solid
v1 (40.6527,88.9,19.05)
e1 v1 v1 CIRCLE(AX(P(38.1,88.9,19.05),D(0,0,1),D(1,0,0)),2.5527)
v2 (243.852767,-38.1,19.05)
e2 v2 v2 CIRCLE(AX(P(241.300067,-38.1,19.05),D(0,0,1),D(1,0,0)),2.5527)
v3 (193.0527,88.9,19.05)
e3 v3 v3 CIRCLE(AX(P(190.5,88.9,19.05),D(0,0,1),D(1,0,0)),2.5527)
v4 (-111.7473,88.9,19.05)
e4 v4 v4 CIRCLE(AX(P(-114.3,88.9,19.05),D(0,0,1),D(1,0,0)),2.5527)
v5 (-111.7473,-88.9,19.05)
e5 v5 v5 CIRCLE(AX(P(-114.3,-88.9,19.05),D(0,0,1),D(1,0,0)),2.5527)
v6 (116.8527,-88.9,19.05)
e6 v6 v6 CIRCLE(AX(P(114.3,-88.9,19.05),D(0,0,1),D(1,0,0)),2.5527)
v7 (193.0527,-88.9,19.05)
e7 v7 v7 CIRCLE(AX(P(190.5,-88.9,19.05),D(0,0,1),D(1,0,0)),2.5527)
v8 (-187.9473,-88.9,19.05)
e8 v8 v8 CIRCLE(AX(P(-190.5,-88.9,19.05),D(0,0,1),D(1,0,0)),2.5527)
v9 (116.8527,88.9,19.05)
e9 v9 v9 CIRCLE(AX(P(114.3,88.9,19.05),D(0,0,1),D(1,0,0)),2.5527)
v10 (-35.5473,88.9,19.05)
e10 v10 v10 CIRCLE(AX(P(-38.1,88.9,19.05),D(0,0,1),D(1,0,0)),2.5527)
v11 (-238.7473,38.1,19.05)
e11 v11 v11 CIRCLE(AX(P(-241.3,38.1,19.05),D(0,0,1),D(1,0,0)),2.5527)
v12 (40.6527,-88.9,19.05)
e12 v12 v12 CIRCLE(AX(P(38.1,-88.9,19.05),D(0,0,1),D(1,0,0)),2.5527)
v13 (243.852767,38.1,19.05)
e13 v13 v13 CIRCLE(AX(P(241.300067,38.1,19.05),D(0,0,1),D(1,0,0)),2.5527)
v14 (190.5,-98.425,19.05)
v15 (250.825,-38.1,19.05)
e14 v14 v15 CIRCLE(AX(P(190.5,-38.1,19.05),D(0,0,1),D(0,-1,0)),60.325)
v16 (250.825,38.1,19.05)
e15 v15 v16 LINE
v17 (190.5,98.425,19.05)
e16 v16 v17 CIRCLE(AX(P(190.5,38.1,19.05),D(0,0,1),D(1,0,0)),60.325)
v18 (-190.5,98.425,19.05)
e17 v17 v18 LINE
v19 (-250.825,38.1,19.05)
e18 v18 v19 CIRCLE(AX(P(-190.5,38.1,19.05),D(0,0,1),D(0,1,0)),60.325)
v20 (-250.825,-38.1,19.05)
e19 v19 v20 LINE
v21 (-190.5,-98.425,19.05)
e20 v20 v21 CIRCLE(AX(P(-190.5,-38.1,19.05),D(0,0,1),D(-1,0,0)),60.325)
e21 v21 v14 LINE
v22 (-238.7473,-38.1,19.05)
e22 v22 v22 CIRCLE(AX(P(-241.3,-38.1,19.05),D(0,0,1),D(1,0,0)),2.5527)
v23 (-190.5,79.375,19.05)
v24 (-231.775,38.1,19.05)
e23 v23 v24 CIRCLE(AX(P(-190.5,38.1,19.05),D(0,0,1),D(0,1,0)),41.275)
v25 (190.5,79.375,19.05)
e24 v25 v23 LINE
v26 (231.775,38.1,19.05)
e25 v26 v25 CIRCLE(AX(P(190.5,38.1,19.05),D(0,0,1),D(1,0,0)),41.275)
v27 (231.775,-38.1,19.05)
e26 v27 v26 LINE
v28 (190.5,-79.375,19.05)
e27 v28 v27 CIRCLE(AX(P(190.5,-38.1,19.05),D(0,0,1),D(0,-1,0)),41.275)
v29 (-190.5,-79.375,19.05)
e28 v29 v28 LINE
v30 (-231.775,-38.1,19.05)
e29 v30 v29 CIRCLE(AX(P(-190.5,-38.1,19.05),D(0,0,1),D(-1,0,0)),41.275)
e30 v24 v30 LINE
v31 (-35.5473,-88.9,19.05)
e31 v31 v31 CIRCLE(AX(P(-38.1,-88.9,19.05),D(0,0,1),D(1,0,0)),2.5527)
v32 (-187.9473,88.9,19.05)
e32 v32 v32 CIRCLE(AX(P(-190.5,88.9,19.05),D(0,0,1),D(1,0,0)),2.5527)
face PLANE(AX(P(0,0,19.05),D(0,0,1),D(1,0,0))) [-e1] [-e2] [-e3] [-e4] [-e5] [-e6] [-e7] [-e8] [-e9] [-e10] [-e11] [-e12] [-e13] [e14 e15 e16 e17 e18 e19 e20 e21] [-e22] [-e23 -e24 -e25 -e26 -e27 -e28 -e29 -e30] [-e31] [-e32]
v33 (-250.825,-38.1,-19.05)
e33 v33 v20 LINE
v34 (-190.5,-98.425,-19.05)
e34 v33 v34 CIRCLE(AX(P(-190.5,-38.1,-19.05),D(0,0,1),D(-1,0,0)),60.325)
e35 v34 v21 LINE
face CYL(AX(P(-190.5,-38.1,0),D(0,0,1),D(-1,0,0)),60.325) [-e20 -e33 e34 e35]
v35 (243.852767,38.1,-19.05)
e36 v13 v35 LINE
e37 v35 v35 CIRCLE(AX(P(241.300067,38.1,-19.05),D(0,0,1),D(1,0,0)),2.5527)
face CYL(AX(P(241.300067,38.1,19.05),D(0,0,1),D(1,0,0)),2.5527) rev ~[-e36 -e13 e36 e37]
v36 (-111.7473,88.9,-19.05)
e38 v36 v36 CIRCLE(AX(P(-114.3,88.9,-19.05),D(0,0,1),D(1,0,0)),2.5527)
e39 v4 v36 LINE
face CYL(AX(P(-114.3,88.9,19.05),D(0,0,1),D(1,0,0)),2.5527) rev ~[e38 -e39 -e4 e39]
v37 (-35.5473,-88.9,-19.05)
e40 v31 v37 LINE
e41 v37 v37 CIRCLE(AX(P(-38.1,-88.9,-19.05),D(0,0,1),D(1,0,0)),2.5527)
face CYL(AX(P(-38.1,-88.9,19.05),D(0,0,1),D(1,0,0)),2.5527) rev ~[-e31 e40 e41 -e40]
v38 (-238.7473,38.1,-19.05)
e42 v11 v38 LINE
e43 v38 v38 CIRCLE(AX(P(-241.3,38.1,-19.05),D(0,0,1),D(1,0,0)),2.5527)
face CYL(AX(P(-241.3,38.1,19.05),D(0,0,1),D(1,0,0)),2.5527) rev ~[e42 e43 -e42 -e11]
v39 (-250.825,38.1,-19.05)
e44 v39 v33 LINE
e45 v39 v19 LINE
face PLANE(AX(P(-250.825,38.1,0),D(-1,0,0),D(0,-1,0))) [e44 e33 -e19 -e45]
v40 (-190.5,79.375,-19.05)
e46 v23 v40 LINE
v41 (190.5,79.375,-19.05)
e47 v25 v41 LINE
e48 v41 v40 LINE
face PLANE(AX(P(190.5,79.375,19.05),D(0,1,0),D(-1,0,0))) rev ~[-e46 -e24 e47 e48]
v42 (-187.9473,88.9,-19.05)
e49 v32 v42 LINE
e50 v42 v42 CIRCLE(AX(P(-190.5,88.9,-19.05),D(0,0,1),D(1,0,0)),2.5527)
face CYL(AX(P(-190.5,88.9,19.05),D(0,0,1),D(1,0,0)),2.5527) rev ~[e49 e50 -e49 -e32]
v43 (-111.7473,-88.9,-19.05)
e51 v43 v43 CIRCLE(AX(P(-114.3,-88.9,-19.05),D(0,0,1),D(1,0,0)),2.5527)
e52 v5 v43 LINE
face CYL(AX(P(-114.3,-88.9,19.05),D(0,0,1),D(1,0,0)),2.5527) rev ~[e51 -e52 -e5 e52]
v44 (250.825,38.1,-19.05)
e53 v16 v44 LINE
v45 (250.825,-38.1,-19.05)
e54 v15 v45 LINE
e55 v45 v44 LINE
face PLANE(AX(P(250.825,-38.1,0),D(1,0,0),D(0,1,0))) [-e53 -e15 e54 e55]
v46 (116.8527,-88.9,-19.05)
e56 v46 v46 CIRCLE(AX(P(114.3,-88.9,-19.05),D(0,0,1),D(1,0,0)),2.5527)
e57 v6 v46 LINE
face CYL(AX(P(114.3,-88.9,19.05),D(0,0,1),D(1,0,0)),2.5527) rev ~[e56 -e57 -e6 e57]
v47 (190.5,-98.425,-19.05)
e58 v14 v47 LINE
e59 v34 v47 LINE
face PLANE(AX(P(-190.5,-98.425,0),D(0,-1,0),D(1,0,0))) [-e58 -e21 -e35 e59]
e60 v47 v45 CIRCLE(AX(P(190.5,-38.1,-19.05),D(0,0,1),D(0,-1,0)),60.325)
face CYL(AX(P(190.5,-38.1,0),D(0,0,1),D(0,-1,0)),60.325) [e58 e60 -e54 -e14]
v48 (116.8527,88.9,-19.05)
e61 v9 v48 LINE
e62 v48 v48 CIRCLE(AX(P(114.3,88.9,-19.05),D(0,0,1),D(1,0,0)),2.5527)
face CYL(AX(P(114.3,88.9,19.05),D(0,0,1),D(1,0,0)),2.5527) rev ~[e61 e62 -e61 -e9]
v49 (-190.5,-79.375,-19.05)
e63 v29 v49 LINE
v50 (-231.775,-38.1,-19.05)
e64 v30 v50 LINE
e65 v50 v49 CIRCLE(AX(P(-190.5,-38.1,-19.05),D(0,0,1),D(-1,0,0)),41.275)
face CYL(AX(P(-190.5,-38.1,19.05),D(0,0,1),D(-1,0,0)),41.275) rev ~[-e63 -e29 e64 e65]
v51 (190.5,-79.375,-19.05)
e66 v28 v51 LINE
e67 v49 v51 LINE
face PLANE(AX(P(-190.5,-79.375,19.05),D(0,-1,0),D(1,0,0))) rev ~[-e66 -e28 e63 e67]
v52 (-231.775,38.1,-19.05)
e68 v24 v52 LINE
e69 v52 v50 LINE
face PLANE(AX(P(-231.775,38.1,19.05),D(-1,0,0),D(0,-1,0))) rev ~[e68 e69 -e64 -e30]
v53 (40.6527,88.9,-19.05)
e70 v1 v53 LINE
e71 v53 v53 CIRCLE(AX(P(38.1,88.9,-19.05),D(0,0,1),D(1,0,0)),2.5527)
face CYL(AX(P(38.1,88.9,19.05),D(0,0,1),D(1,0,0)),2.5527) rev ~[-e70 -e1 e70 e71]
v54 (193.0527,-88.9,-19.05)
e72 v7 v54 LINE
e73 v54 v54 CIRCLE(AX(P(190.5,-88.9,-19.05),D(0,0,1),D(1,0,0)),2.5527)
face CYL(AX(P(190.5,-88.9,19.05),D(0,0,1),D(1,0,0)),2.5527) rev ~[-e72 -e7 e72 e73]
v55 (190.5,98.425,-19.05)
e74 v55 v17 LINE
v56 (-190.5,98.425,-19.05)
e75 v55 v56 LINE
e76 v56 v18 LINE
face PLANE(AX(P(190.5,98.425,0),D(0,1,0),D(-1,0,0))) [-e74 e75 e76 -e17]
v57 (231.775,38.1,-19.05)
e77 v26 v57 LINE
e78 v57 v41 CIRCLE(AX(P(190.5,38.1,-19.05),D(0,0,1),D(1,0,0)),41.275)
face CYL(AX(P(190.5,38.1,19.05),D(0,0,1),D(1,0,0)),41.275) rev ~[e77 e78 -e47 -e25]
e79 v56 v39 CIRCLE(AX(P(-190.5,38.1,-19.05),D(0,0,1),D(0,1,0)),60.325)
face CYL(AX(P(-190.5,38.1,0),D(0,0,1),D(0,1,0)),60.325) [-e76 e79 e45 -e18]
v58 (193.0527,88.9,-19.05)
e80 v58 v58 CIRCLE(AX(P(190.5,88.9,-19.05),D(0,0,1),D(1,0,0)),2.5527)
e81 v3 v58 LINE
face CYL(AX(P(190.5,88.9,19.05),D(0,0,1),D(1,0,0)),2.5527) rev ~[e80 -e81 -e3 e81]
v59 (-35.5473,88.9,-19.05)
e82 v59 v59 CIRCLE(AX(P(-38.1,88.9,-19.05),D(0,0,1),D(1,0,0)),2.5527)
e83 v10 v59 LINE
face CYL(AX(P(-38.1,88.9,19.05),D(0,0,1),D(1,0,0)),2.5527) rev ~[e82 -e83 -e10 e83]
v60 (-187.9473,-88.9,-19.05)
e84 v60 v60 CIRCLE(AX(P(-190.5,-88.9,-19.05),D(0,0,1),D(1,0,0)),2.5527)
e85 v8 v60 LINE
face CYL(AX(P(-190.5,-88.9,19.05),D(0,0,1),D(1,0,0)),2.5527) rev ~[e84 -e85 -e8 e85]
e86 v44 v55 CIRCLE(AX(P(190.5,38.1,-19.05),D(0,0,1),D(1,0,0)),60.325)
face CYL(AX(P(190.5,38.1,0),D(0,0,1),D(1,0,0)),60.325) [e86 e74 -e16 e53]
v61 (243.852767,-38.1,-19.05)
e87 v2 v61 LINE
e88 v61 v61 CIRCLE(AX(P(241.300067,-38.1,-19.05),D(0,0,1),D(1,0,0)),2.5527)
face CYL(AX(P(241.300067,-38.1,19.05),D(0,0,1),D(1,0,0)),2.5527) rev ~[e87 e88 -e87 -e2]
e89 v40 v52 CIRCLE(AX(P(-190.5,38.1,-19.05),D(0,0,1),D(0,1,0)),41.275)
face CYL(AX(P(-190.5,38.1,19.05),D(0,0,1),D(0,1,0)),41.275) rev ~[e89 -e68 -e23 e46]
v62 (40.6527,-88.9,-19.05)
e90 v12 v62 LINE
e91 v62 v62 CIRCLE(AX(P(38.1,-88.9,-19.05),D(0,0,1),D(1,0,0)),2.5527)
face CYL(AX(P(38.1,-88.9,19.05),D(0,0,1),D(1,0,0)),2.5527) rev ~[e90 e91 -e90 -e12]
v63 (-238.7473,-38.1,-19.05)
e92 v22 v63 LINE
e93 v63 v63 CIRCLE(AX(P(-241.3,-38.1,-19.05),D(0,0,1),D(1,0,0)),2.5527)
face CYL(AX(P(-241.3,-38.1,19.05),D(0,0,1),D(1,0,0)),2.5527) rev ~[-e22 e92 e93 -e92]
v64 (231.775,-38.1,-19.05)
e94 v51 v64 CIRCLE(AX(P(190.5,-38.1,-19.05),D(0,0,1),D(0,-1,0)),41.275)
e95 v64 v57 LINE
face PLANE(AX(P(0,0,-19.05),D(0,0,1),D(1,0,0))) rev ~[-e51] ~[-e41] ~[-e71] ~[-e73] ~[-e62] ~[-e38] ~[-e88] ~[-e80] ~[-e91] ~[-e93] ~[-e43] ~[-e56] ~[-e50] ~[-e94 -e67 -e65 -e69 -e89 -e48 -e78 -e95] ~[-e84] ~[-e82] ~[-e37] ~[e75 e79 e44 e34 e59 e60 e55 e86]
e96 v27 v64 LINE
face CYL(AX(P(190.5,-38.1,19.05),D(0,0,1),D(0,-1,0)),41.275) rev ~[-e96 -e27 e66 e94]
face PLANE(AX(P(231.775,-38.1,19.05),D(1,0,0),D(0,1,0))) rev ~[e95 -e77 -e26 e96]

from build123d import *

# Parameters (mm, degrees)
F1_DEPTH = 19.05
F3_DEPTH = 38.101
F4_R     = 2.5527
F5_DEPTH = 38.101


with BuildPart() as f1:
    # F0 (on Top) → F1 (new body, symmetric)
    with BuildSketch(Plane.XY):
        with BuildLine():
            ThreePointArc((250.825, 38.1), (233.1562165751, 80.7562165751), (190.5, 98.425))
            Line((190.5, 98.425), (-190.5, 98.425))
            ThreePointArc((-190.5, 98.425), (-233.1562165751, 80.7562165751), (-250.825, 38.1))
            Line((-250.825, 38.1), (-250.825, -38.1))
            ThreePointArc((-250.825, -38.1), (-233.1562165751, -80.7562165751), (-190.5, -98.425))
            Line((-190.5, -98.425), (190.5, -98.425))
            ThreePointArc((190.5, -98.425), (233.1562165751, -80.7562165751), (250.825, -38.1))
            Line((250.825, -38.1), (250.825, 38.1))
        make_face()
    extrude(amount=F1_DEPTH, both=True)

    # F2 (on face) → F3 (cut, through all)
    with BuildSketch(Plane.XY.offset(19.05)):
        with BuildLine():
            Line((190.5, 79.375), (-190.5, 79.375))
            ThreePointArc((-190.5, 79.375), (-219.6858323935, 67.2858323935), (-231.775, 38.1))
            Line((-231.775, 38.1), (-231.775, -38.1))
            ThreePointArc((-231.775, -38.1), (-219.6858323935, -67.2858323935), (-190.5, -79.375))
            Line((-190.5, -79.375), (190.5, -79.375))
            ThreePointArc((190.5, -79.375), (219.6858323935, -67.2858323935), (231.775, -38.1))
            Line((231.775, -38.1), (231.775, 38.1))
            ThreePointArc((231.775, 38.1), (219.6858323935, 67.2858323935), (190.5, 79.375))
        make_face()
    extrude(amount=-F3_DEPTH, mode=Mode.SUBTRACT)

    # F4 (on face) → F5 (cut, through all)
    with BuildSketch(Plane.XY.offset(19.05)):
        with Locations((-190.5, 88.9)):
            Circle(F4_R)
        with Locations((-38.1, 88.9)):
            Circle(F4_R)
        with Locations((-114.3, 88.9)):
            Circle(F4_R)
        with Locations((38.1, 88.9)):
            Circle(F4_R)
        with Locations((114.3, 88.9)):
            Circle(F4_R)
        with Locations((190.5, 88.9)):
            Circle(F4_R)
        with Locations((241.3000668421, 38.1)):
            Circle(F4_R)
        with Locations((241.3000668421, -38.1)):
            Circle(F4_R)
        with Locations((190.5, -88.9)):
            Circle(F4_R)
        with Locations((114.3, -88.9)):
            Circle(F4_R)
        with Locations((38.1, -88.9)):
            Circle(F4_R)
        with Locations((-38.1, -88.9)):
            Circle(F4_R)
        with Locations((-114.3, -88.9)):
            Circle(F4_R)
        with Locations((-190.5, -88.9)):
            Circle(F4_R)
        with Locations((-241.3, -38.1)):
            Circle(F4_R)
        with Locations((-241.3, 38.1)):
            Circle(F4_R)
    extrude(amount=-F5_DEPTH, mode=Mode.SUBTRACT)


with BuildPart() as f6_1:
    # F6: copy of F1
    add(f1.part)


solid = f1.part
